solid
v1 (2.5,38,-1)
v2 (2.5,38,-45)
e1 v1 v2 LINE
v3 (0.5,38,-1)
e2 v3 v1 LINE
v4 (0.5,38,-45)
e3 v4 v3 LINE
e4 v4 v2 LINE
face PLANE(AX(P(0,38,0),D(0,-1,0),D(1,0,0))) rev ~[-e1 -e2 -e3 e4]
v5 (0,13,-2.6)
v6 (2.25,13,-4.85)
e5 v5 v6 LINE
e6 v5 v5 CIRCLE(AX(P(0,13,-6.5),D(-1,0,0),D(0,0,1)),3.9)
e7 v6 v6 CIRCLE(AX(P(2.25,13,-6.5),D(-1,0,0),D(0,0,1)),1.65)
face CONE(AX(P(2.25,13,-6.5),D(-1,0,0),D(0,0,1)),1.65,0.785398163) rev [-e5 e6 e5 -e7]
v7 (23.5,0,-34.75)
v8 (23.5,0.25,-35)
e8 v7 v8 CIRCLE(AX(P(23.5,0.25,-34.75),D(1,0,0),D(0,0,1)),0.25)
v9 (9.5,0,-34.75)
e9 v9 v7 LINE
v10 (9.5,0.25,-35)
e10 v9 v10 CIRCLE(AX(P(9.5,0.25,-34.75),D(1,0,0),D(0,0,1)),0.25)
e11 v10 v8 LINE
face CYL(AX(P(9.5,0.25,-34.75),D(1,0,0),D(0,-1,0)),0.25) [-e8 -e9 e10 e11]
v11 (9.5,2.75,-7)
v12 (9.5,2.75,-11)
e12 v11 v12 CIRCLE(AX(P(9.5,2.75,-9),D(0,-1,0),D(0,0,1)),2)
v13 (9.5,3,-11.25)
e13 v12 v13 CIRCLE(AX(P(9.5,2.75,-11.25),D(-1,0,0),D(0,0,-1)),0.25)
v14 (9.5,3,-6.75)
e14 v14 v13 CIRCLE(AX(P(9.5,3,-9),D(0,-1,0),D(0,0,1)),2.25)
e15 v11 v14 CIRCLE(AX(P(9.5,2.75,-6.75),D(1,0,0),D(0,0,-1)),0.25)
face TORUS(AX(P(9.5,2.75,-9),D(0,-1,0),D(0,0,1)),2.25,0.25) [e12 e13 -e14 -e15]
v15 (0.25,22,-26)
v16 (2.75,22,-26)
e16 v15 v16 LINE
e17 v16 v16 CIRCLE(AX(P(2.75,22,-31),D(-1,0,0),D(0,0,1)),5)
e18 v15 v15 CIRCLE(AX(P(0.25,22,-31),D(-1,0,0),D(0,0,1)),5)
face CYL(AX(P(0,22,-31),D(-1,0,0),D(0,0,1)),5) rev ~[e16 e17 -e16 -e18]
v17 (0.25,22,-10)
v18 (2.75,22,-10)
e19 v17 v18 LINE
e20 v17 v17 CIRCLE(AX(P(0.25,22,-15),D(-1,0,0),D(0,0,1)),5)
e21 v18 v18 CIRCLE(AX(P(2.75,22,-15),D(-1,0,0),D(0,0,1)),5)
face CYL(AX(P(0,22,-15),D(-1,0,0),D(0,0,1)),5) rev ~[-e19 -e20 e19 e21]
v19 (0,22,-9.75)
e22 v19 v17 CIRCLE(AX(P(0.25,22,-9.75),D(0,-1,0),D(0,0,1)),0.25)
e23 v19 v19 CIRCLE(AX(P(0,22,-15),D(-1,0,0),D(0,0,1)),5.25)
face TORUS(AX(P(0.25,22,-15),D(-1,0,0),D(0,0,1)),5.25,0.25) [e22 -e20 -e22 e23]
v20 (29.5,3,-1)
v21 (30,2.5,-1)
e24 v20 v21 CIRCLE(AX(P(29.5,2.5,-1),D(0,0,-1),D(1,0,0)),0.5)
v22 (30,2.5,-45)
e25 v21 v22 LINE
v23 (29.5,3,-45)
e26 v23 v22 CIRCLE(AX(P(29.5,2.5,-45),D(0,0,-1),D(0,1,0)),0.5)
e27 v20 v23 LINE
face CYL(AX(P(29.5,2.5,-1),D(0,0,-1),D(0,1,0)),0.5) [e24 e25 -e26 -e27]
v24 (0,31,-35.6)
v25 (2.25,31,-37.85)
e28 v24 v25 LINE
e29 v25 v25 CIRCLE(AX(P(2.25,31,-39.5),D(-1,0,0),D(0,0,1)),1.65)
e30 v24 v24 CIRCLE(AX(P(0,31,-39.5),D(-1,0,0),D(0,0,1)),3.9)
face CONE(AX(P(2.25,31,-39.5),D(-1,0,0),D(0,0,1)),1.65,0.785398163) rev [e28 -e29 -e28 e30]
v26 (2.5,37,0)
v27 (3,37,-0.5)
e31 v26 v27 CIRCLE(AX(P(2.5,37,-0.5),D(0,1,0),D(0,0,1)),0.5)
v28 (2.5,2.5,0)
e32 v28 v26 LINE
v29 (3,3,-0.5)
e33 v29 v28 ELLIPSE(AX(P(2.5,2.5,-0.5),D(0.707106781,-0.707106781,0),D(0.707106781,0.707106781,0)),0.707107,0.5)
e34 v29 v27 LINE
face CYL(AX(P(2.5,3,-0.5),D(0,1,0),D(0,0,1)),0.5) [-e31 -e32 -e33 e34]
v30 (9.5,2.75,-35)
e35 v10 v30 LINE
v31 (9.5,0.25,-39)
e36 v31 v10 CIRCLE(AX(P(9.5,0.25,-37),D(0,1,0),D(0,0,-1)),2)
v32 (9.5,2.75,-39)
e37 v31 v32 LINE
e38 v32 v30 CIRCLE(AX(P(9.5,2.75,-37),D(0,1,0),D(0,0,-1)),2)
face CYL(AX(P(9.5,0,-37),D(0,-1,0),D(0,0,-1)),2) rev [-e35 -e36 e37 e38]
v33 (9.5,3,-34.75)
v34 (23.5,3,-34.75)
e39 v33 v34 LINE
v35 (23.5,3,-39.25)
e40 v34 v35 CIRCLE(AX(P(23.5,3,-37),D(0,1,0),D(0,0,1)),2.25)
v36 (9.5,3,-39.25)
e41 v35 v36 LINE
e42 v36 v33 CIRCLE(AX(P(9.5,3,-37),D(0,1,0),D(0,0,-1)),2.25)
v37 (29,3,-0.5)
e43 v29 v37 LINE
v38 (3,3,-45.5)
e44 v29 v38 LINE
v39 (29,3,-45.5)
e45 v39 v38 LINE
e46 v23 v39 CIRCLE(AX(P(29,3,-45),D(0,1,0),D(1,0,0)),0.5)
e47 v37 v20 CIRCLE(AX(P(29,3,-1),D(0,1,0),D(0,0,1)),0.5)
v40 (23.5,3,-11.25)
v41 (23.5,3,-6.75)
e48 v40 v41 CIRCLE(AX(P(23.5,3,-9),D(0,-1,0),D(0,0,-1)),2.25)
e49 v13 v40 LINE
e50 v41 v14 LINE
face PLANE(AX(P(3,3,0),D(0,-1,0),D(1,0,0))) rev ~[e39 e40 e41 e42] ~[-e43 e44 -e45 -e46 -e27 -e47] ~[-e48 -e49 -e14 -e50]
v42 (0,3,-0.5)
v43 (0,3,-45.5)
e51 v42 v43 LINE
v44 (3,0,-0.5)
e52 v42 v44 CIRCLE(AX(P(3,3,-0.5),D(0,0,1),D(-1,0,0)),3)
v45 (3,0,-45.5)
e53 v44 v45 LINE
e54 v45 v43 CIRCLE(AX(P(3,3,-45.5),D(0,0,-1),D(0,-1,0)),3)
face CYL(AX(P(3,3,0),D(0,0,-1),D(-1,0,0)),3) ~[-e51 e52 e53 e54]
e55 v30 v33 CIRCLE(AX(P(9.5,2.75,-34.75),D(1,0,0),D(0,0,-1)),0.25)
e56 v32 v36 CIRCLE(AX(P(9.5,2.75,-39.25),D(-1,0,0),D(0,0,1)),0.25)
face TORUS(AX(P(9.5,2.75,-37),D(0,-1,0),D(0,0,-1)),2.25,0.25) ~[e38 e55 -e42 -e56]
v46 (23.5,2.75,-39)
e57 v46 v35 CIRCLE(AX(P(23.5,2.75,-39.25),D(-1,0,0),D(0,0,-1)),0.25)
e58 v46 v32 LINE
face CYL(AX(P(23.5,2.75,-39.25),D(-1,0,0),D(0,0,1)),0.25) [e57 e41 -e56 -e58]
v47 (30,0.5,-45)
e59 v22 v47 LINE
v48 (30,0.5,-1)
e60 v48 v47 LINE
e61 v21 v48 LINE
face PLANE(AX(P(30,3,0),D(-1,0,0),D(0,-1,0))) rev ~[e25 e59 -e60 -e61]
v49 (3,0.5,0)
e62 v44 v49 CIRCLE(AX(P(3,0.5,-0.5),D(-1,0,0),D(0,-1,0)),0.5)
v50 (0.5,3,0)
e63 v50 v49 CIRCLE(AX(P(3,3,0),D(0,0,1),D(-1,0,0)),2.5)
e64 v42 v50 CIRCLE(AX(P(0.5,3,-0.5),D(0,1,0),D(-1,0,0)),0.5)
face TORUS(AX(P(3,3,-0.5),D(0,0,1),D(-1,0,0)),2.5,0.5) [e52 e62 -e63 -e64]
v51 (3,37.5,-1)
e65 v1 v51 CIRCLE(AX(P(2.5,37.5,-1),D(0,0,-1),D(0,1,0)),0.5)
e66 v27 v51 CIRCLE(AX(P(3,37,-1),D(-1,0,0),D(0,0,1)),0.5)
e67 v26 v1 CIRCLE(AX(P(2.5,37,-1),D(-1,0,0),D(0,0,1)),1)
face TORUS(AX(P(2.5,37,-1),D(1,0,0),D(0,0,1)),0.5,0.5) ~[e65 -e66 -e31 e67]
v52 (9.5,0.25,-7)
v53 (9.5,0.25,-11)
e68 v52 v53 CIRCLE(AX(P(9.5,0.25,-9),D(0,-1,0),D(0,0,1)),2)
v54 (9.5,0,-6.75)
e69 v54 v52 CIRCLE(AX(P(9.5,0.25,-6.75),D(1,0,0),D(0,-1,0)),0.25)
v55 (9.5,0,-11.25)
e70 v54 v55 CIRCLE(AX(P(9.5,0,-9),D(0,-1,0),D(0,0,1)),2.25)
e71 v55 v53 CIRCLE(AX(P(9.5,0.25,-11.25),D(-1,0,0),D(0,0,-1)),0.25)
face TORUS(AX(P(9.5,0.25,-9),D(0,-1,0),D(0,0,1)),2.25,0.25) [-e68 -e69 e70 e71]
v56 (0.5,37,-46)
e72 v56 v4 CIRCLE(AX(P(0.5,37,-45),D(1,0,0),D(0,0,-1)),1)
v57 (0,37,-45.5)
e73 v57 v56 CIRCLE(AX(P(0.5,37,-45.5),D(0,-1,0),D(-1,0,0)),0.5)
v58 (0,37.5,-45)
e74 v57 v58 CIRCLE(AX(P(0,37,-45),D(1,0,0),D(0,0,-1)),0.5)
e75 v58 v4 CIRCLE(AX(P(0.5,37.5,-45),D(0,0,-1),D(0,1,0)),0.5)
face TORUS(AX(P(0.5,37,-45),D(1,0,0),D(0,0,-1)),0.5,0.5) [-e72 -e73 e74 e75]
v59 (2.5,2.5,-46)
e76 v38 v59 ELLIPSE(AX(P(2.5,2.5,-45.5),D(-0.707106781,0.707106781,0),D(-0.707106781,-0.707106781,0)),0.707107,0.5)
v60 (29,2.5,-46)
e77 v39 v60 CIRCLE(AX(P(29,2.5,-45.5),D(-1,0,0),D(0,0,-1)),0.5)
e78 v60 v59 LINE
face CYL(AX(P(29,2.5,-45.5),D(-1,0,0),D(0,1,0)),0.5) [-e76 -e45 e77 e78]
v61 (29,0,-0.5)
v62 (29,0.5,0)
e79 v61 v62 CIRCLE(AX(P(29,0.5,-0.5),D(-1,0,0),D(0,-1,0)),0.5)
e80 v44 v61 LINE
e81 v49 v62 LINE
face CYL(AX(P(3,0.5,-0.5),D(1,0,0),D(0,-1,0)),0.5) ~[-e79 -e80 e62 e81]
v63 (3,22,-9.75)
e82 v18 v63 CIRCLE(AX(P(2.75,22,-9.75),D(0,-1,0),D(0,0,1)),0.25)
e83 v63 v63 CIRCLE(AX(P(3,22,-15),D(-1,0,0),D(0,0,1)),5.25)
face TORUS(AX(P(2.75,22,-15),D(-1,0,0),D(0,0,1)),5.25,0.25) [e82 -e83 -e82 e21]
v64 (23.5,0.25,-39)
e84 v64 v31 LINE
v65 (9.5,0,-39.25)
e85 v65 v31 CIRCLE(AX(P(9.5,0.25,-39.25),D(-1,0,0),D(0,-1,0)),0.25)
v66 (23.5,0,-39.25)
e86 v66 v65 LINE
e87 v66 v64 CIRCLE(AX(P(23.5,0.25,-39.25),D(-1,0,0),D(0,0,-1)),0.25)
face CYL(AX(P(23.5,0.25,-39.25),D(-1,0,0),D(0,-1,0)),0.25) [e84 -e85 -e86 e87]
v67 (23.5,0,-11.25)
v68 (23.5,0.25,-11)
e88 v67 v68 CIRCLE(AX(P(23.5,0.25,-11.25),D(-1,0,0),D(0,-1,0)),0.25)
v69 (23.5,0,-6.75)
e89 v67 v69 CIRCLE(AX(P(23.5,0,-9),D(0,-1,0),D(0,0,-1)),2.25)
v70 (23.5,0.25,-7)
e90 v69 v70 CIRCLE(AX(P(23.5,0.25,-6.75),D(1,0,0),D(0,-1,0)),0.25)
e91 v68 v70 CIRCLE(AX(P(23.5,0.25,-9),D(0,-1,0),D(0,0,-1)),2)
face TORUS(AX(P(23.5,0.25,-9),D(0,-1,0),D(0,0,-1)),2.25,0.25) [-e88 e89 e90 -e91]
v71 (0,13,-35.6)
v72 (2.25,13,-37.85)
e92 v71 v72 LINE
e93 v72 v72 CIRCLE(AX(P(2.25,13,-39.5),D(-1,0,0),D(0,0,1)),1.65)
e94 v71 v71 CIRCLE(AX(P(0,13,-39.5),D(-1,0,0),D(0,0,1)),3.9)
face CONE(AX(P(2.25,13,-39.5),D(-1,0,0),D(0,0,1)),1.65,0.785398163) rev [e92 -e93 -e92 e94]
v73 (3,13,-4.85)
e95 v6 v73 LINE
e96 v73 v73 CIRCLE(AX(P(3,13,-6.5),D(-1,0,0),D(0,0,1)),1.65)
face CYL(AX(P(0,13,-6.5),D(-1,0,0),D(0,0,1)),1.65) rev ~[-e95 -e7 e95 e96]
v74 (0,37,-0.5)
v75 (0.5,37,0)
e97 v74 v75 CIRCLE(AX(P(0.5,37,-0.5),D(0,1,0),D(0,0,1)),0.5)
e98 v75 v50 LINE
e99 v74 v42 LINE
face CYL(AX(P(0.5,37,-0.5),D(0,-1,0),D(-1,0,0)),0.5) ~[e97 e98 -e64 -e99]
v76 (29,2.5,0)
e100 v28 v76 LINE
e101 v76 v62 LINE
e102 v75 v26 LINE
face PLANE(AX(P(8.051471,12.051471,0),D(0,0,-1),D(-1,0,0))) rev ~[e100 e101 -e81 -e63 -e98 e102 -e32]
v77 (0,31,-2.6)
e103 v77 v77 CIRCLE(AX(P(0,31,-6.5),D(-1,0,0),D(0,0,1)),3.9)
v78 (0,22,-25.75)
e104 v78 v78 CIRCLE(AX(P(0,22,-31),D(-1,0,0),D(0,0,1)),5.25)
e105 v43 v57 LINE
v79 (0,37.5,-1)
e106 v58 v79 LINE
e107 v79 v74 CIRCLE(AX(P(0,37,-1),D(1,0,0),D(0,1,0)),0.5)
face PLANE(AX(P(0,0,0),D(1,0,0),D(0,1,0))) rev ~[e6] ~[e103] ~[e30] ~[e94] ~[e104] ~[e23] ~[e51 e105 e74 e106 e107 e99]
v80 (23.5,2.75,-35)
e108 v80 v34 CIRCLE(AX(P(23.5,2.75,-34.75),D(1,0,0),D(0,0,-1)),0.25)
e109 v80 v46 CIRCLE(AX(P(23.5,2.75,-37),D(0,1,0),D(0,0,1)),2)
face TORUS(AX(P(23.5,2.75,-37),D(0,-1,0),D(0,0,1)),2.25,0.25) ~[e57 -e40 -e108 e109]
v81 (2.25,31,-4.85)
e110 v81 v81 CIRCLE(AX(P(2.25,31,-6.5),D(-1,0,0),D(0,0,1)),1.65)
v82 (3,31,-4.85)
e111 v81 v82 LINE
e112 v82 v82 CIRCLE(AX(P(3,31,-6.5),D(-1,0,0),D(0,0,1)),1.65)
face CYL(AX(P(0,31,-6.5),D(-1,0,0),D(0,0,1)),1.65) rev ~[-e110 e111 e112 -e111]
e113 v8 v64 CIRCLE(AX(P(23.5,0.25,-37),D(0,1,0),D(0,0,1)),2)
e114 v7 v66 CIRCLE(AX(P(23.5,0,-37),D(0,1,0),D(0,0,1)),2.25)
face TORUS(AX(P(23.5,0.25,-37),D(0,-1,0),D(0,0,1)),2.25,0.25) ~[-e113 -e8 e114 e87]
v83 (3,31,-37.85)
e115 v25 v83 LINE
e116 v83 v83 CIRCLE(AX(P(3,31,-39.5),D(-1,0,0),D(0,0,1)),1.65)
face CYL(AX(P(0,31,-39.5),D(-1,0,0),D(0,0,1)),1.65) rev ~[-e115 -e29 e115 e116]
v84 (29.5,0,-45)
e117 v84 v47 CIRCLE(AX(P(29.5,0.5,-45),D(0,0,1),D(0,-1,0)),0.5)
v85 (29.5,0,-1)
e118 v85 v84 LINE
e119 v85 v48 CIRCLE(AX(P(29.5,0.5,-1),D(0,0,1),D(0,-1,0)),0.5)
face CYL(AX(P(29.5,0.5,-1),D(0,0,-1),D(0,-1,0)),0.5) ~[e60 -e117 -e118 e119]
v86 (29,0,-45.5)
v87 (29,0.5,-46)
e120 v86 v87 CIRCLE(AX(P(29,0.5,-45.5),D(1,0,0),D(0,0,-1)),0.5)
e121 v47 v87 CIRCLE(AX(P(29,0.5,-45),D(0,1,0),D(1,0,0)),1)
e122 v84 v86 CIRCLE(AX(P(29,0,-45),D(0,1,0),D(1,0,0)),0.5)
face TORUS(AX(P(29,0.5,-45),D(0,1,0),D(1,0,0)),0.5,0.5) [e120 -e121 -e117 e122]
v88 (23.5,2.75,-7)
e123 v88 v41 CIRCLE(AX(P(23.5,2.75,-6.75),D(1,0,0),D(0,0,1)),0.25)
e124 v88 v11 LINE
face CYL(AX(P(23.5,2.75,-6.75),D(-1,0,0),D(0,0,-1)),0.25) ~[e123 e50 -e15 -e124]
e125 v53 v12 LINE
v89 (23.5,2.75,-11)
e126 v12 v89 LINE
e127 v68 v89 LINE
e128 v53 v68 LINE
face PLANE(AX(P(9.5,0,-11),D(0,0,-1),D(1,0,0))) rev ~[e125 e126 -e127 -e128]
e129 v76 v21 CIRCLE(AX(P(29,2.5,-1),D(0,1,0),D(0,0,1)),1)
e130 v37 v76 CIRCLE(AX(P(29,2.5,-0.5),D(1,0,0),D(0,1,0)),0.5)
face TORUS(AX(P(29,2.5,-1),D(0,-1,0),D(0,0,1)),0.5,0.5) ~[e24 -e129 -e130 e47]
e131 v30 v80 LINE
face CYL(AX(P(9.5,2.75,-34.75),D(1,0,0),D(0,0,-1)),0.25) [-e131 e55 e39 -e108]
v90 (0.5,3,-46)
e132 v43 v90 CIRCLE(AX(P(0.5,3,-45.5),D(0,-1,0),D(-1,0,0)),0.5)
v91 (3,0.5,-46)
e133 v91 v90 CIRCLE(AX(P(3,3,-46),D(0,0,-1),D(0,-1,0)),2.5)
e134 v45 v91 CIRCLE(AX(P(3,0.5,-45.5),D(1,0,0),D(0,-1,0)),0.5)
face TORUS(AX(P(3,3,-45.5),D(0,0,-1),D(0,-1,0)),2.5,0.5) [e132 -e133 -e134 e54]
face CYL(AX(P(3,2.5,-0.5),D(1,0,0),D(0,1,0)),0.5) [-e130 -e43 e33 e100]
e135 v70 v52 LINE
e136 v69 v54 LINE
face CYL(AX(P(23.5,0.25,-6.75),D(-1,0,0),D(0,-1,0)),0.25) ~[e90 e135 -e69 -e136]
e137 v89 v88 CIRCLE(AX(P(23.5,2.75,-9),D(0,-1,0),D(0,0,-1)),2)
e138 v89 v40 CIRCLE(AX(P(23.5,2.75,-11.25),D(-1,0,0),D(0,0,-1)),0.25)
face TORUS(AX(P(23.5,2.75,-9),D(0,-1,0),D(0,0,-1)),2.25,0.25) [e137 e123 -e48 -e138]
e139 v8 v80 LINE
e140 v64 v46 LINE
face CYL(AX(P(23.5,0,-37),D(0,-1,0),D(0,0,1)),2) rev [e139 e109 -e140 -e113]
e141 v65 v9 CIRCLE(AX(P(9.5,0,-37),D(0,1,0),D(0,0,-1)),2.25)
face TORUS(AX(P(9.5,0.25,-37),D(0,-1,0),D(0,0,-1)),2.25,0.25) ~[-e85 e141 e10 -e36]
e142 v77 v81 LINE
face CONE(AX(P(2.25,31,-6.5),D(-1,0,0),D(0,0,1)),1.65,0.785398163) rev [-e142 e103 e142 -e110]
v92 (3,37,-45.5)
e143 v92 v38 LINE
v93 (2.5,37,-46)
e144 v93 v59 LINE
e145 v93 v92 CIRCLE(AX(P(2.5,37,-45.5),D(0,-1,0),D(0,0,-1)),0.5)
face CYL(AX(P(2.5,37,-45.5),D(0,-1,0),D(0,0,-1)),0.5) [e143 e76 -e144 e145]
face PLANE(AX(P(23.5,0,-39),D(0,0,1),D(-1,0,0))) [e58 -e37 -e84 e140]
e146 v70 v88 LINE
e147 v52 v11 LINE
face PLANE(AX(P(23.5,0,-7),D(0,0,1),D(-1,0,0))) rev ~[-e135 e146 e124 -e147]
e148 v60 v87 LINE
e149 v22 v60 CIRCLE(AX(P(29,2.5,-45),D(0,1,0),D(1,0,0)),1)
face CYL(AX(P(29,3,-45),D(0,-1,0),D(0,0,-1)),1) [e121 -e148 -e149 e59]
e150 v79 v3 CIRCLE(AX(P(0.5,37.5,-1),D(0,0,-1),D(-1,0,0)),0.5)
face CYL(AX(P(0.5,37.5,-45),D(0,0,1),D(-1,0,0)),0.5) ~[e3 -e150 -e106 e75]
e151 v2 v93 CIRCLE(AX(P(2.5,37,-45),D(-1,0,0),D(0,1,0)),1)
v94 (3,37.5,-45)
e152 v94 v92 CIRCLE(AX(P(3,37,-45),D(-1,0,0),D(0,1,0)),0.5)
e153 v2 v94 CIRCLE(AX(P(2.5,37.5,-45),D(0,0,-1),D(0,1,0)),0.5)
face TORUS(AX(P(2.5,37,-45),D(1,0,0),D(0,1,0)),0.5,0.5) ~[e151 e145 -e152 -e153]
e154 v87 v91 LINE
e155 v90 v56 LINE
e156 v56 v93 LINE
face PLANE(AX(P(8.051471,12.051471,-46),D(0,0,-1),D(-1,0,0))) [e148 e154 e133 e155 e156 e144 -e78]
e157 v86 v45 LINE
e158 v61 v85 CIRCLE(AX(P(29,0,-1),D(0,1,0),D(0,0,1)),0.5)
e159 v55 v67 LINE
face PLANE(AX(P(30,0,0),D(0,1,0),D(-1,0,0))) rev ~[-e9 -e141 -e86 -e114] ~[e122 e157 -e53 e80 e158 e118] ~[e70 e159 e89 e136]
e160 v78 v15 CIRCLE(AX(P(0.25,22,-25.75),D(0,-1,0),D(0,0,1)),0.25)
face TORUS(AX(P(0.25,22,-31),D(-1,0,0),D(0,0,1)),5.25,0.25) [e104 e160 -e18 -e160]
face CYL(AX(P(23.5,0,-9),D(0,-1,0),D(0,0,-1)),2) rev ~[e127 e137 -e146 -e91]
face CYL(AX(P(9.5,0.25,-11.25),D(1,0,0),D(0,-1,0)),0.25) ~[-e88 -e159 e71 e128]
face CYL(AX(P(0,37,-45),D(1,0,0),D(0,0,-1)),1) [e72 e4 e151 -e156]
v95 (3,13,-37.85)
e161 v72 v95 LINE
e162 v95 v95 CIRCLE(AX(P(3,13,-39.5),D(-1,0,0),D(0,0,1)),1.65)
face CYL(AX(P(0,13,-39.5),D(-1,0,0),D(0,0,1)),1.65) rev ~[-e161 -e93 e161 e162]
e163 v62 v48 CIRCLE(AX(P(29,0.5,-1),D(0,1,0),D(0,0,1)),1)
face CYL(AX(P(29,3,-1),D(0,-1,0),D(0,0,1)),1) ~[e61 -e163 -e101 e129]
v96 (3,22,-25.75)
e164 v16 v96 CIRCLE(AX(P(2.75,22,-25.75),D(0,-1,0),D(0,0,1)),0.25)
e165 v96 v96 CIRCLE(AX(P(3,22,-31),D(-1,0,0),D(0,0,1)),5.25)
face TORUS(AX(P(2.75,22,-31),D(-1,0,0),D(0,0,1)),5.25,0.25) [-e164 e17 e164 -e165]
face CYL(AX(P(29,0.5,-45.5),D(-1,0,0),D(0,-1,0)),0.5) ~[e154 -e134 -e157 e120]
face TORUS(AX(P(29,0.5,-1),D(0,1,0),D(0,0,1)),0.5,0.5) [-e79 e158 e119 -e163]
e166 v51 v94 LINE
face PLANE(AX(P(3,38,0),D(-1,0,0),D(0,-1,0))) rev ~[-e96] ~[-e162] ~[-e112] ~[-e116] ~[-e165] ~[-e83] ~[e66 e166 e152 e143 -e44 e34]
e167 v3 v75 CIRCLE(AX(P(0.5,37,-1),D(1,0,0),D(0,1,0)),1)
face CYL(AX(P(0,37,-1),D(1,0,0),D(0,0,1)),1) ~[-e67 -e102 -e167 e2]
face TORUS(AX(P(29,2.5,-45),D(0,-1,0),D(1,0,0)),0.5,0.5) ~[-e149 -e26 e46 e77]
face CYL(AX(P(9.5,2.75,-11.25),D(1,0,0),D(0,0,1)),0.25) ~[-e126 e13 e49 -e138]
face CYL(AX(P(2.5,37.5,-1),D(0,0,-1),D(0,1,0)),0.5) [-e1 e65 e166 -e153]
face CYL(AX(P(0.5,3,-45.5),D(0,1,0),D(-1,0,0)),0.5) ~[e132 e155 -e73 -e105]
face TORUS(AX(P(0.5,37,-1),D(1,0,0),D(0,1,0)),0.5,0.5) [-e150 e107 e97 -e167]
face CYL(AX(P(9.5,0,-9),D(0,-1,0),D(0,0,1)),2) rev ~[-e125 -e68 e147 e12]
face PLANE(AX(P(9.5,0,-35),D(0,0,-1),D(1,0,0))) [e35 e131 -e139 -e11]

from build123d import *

# Parameters (mm, degrees)
EXTRUDE_1_DEPTH     = 46
SKETCH_3_R          = 1.65
SKETCH_3_R_2        = 5
CUT_EXTRUDE_1_DEPTH = 67.783231428
CHAMFER_2_SIZE      = 2.25
CUT_EXTRUDE_2_DEPTH = 67.783231428
FILLET_1_R          = 1
FILLET_2_R          = 3
FILLET_3_R          = 0.5
FILLET_4_R          = 0.25


with BuildPart() as part:
    # 草图2 → 凸台-拉伸1 (new body)
    with BuildSketch(Plane.XY):
        Polygon((0, 0), (0, 38), (3, 38), (3, 3), (30, 3), (30, 0), align=None)
    extrude(amount=-EXTRUDE_1_DEPTH)

    # 草图3 → 切除-拉伸1 (cut, through all)
    with BuildSketch(Plane.ZY):
        with Locations((-39.5, 31)):
            Circle(SKETCH_3_R)
        with Locations((-31, 22)):
            Circle(SKETCH_3_R_2)
        with Locations((-39.5, 13)):
            Circle(SKETCH_3_R)
        with Locations((-15, 22)):
            Circle(SKETCH_3_R_2)
        with Locations((-6.5, 13)):
            Circle(SKETCH_3_R)
        with Locations((-6.5, 31)):
            Circle(SKETCH_3_R)
    extrude(amount=-CUT_EXTRUDE_1_DEPTH, mode=Mode.SUBTRACT)

    # 倒角2
    chamfer_2_edges = [part.edges().sort_by_distance(p)[0] for p in [
        (0, 31, -8.15),
        (0, 13, -8.15),
        (0, 13, -41.15),
        (0, 31, -41.15),
    ]]
    chamfer(chamfer_2_edges, length=CHAMFER_2_SIZE)

    # 草图4 → 切除-拉伸2 (cut, through all)
    with BuildSketch(Plane.XZ):
        with BuildLine():
            ThreePointArc((23.5, -35), (25.5, -37), (23.5, -39))
            Line((23.5, -39), (9.5, -39))
            ThreePointArc((9.5, -39), (7.5, -37), (9.5, -35))
            Line((9.5, -35), (23.5, -35))
        make_face()
        with BuildLine():
            Line((9.5, -11), (23.5, -11))
            ThreePointArc((23.5, -11), (25.5, -9), (23.5, -7))
            Line((23.5, -7), (9.5, -7))
            ThreePointArc((9.5, -7), (7.5, -9), (9.5, -11))
        make_face()
    extrude(amount=-CUT_EXTRUDE_2_DEPTH, mode=Mode.SUBTRACT)

    # 圆角1
    fillet_1_edges = [part.edges().sort_by_distance(p)[0] for p in [
        (1.5, 38, -46),
        (1.5, 38, 0),
        (30, 1.5, 0),
        (30, 1.5, -46),
    ]]
    fillet(fillet_1_edges, radius=FILLET_1_R)

    # 圆角2
    fillet_2_edges = [part.edges().sort_by_distance(p)[0] for p in [
        (0, 0, -23),
    ]]
    fillet(fillet_2_edges, radius=FILLET_2_R)

    # 圆角3
    fillet_3_edges = [part.edges().sort_by_distance(p)[0] for p in [
        (30, 0, -23),
        (30, 3, -23),
        (16, 3, 0),
        (16, 3, -46),
        (29.707106781, 3, -0.292893219),
        (29.707106781, 3, -45.707106781),
        (0, 20, -46),
        (29.707106781, 0, -0.292893219),
        (29.707106781, 0, -45.707106781),
        (0, 20, 0),
        (3, 38, -23),
        (0, 38, -23),
        (0, 37.707106781, -0.292893219),
        (0, 37.707106781, -45.707106781),
        (3, 37.707106781, -0.292893219),
        (3, 37.707106781, -45.707106781),
        (16, 0, 0),
        (0.878679656, 0.878679656, 0),
        (16, 0, -46),
        (0.878679656, 0.878679656, -46),
        (3, 20, -46),
        (3, 20, 0),
    ]]
    fillet(fillet_3_edges, radius=FILLET_3_R)

    # 圆角4
    fillet_4_edges = [part.edges().sort_by_distance(p)[0] for p in [
        (3, 22, -20),
        (0, 22, -20),
        (3, 22, -36),
        (0, 22, -36),
        (25.5, 3, -9),
        (16.5, 3, -7),
        (7.5, 3, -9),
        (16.5, 3, -11),
        (16.5, 3, -35),
        (7.5, 3, -37),
        (16.5, 3, -39),
        (25.5, 3, -37),
        (25.5, 0, -37),
        (7.5, 0, -37),
        (16.5, 0, -35),
        (16.5, 0, -39),
        (16.5, 0, -7),
        (16.5, 0, -11),
        (25.5, 0, -9),
        (7.5, 0, -9),
    ]]
    fillet(fillet_4_edges, radius=FILLET_4_R)


solid = part.part
